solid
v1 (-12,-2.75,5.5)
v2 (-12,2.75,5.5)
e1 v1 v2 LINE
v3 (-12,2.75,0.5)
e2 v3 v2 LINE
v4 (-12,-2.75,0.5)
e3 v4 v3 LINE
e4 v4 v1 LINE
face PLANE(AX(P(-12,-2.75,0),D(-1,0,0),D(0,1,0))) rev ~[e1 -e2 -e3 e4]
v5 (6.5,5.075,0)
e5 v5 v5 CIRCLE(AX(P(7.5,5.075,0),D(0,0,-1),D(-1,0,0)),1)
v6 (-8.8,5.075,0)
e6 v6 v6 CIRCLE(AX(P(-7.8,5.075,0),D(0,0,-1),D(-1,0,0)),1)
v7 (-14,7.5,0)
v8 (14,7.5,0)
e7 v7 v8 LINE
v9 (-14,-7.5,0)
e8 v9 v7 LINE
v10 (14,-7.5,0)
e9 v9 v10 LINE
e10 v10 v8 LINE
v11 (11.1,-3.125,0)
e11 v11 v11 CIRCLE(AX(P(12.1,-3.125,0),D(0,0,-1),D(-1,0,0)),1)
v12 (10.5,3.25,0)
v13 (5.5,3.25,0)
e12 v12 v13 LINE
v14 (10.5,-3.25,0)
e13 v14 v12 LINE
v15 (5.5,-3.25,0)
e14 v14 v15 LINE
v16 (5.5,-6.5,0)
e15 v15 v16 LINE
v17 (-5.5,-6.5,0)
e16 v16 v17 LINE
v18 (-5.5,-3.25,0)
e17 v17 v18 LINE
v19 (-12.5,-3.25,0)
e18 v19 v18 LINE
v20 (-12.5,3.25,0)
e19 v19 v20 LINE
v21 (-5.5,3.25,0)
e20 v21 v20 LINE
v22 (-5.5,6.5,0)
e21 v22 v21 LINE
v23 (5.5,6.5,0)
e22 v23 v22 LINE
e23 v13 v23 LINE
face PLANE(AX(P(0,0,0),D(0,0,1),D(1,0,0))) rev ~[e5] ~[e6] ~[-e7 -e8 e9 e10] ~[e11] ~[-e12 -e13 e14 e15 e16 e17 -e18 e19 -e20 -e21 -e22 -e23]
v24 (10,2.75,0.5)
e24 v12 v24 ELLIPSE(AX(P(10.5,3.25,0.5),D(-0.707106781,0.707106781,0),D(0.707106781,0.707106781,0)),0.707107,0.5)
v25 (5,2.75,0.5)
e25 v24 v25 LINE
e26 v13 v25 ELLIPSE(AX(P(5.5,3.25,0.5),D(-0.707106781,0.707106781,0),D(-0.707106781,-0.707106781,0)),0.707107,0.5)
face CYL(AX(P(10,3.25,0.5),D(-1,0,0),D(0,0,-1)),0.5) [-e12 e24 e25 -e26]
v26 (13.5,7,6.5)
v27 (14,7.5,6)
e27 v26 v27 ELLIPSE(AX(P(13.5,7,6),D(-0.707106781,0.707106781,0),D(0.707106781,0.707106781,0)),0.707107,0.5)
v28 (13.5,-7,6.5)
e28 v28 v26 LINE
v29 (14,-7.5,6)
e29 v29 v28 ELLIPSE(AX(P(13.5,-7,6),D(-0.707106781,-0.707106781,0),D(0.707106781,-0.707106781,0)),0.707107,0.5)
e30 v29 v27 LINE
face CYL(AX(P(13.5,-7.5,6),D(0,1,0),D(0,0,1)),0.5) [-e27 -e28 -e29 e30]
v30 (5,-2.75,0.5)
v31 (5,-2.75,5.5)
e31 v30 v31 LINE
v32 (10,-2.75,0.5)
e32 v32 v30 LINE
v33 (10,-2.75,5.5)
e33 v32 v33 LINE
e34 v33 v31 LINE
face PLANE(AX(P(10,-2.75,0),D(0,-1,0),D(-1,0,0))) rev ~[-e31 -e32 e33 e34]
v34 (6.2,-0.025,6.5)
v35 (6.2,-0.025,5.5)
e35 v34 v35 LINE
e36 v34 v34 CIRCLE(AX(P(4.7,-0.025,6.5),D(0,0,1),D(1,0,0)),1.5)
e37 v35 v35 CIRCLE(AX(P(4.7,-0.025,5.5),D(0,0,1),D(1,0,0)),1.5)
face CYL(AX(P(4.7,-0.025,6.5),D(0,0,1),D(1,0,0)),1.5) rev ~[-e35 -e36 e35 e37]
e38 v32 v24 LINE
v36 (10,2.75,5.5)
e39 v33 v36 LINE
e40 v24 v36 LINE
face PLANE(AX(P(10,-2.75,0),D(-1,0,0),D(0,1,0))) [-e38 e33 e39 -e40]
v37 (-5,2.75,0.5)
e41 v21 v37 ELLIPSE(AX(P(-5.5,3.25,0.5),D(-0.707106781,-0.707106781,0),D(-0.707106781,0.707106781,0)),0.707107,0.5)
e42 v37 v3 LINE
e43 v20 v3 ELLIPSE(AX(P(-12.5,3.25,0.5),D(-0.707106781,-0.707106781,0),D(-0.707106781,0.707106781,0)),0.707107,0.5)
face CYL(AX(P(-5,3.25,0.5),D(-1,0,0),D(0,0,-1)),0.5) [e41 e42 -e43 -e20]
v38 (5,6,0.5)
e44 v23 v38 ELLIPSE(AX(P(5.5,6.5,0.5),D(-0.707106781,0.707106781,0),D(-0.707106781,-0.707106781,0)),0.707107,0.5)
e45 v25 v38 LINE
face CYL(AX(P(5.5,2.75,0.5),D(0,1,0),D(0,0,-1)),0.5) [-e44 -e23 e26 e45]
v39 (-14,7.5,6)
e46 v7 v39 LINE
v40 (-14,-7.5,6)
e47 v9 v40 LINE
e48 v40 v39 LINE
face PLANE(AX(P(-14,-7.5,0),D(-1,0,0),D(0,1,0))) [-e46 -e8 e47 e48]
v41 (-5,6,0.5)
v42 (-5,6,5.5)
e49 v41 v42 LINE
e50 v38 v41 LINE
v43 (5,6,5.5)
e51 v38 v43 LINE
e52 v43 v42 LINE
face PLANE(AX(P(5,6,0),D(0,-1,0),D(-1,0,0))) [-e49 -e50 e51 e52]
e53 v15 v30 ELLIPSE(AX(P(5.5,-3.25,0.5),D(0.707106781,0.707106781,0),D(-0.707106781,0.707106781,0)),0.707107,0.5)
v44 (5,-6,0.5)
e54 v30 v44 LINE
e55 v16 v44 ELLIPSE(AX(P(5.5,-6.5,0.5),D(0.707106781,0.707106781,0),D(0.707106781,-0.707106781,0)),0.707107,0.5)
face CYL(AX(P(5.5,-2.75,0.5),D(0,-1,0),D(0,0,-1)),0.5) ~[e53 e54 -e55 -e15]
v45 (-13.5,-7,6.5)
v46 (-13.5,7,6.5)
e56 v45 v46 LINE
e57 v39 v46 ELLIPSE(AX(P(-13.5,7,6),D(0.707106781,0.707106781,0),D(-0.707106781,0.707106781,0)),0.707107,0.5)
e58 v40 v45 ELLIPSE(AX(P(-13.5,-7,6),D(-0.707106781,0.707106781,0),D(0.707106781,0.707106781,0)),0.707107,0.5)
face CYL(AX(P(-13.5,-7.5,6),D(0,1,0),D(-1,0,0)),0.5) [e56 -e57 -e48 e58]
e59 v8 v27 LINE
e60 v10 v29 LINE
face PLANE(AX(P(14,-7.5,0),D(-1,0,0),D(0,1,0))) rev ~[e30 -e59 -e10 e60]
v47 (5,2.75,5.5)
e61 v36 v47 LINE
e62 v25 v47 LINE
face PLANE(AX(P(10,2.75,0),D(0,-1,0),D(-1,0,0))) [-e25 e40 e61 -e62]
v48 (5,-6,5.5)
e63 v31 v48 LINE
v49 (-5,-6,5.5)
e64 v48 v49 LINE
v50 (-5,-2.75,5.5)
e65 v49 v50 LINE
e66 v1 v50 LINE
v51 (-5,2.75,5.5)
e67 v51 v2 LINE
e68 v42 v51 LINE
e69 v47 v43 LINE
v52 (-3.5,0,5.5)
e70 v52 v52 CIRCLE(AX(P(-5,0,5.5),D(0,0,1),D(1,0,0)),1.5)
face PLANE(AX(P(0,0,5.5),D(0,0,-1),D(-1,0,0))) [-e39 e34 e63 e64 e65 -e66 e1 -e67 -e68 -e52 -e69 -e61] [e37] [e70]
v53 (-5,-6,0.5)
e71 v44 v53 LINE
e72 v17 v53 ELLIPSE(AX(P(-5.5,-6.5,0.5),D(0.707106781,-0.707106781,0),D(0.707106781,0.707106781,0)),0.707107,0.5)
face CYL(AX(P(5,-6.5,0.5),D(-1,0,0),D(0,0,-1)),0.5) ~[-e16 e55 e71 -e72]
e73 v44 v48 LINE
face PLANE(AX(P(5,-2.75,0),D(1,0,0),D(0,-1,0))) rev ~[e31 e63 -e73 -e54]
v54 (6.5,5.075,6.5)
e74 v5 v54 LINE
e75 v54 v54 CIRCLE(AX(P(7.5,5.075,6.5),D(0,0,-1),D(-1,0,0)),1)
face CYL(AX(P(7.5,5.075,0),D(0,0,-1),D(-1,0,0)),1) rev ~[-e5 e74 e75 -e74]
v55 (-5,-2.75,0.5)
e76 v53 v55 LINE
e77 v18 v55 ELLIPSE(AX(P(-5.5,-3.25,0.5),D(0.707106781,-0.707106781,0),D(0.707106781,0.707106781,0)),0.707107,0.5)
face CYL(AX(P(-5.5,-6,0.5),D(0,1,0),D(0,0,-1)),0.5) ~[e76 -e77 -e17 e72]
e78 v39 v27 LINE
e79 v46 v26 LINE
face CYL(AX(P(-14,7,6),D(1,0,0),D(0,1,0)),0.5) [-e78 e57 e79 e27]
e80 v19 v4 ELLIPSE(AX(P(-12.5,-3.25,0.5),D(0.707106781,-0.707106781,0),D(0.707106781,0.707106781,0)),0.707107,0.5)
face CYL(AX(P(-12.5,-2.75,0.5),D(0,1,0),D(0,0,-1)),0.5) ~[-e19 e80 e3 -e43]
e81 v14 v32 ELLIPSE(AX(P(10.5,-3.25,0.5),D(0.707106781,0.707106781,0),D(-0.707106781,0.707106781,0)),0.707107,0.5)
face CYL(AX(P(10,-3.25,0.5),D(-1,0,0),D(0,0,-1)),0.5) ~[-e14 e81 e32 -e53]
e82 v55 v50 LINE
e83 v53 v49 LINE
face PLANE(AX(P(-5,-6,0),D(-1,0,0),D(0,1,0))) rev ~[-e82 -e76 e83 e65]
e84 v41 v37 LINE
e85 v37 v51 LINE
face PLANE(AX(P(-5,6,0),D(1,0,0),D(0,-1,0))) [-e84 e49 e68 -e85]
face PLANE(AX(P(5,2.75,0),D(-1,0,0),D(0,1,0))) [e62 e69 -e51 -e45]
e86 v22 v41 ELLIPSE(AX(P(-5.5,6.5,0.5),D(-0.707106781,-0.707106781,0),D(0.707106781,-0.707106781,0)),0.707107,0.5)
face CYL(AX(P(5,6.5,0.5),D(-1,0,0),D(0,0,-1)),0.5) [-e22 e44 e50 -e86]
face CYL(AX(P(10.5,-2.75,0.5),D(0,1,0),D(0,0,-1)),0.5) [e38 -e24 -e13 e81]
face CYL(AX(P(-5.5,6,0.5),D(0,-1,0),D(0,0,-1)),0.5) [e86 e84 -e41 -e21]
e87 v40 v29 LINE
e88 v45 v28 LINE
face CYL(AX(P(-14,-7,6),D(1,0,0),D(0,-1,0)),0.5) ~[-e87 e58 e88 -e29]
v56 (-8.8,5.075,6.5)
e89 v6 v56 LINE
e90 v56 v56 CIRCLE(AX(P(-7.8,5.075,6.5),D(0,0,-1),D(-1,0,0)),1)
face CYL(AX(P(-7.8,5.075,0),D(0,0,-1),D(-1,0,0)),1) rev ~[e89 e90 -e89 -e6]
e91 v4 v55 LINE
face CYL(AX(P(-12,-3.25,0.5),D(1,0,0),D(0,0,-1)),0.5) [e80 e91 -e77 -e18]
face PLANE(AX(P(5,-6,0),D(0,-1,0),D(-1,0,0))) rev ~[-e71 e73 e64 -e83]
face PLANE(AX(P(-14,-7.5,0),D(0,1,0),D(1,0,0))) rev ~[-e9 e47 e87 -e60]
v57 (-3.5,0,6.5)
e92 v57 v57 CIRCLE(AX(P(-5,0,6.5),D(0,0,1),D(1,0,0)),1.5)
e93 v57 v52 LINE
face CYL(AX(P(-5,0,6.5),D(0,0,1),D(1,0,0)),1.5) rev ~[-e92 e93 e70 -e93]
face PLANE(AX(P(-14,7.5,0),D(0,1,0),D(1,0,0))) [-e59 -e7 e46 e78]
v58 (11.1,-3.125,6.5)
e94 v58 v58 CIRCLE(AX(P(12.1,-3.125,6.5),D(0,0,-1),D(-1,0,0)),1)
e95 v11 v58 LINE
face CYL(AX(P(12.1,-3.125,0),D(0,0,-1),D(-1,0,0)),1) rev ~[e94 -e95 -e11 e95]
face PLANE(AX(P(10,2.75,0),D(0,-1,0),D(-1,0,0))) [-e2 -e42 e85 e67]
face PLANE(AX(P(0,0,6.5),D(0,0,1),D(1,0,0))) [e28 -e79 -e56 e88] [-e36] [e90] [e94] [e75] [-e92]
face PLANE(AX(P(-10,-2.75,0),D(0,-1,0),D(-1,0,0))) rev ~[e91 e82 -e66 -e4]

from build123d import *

# Parameters (mm, degrees)
ESBO_O1_W                = 28
ESBO_O1_H                = 15
RESSALTO_EXTRUS_O1_DEPTH = 6.5
ESBO_O2_W                = 20
ESBO_O2_H                = 5.5
CORTE_EXTRUS_O1_DEPTH    = 5.5
ESBO_O3_R                = 1
CORTE_EXTRUS_O2_DEPTH    = 18.161002302
CORTE_EXTRUS_O3_DEPTH    = 5.5
CORTE_EXTRUS_O4_DEPTH    = 5.5
ESBO_O6_W                = 2
ESBO_O6_H                = 5.5
CORTE_EXTRUS_O5_DEPTH    = 5.5
ESBO_O7_R                = 1.5
CORTE_EXTRUS_O6_DEPTH    = 5.5
FILETE1_R                = 0.5
FILETE2_R                = 0.5


with BuildPart() as part:
    # Esboço1 → Ressalto-extrusão1 (new body)
    with BuildSketch(Plane.XY):
        Rectangle(ESBO_O1_W, ESBO_O1_H)
    extrude(amount=RESSALTO_EXTRUS_O1_DEPTH)

    # Esboço2 → Corte-extrusão1 (cut)
    with BuildSketch(Plane(origin=(0, 0, 0), x_dir=(-1, 0, 0), z_dir=(0, 0, -1))):
        Rectangle(ESBO_O2_W, ESBO_O2_H)
    extrude(amount=-CORTE_EXTRUS_O1_DEPTH, mode=Mode.SUBTRACT)

    # Esboço3 → Corte-extrusão2 (cut, through all)
    with BuildSketch(Plane(origin=(0, 0, 0), x_dir=(-1, 0, 0), z_dir=(0, 0, -1))):
        with Locations((-7.5, 5.075)):
            Circle(ESBO_O3_R)
        with Locations((7.8, 5.075)):
            Circle(ESBO_O3_R)
        with Locations((-12.1, -3.125)):
            Circle(ESBO_O3_R)
    extrude(amount=-CORTE_EXTRUS_O2_DEPTH, mode=Mode.SUBTRACT)

    # Esboço4 → Corte-extrusão3 (cut)
    with BuildSketch(Plane(origin=(0, 0, 0), x_dir=(-1, 0, 0), z_dir=(0, 0, -1))):
        Polygon((0, -2.75), (-5, -2.75), (-5, -6), (5, -6), (5, -2.75), align=None)
    extrude(amount=-CORTE_EXTRUS_O3_DEPTH, mode=Mode.SUBTRACT)

    # Esboço5 → Corte-extrusão4 (cut)
    with BuildSketch(Plane(origin=(0, 0, 0), x_dir=(-1, 0, 0), z_dir=(0, 0, -1))):
        Polygon((0, 2.75), (-5, 2.75), (-5, 6), (5, 6), (5, 2.75), align=None)
    extrude(amount=-CORTE_EXTRUS_O4_DEPTH, mode=Mode.SUBTRACT)

    # Esboço6 → Corte-extrusão5 (cut)
    with BuildSketch(Plane(origin=(0, 0, 0), x_dir=(-1, 0, 0), z_dir=(0, 0, -1))):
        with Locations((11, 0)):
            Rectangle(ESBO_O6_W, ESBO_O6_H)
    extrude(amount=-CORTE_EXTRUS_O5_DEPTH, mode=Mode.SUBTRACT)

    # Esboço7 → Corte-extrusão6 (cut)
    with BuildSketch(Plane.XY.offset(6.5)):
        with Locations((-5, 0)):
            Circle(ESBO_O7_R)
        with Locations((4.7, -0.025)):
            Circle(ESBO_O7_R)
    extrude(amount=-CORTE_EXTRUS_O6_DEPTH, mode=Mode.SUBTRACT)

    # Filete1
    filete1_edges = [part.edges().sort_by_distance(p)[0] for p in [
        (-14, 0, 6.5),
        (0, -7.5, 6.5),
        (14, 0, 6.5),
        (0, 7.5, 6.5),
    ]]
    fillet(filete1_edges, radius=FILETE1_R)

    # Filete2
    filete2_edges = [part.edges().sort_by_distance(p)[0] for p in [
        (10, 0, 0),
        (7.5, -2.75, 0),
        (-8.5, 2.75, 0),
        (-8.5, -2.75, 0),
        (-5, -4.375, 0),
        (5, -4.375, 0),
        (0, -6, 0),
        (7.5, 2.75, 0),
        (-5, 4.375, 0),
        (0, 6, 0),
        (5, 4.375, 0),
        (-12, 0, 0),
    ]]
    fillet(filete2_edges, radius=FILETE2_R)


solid = part.part
